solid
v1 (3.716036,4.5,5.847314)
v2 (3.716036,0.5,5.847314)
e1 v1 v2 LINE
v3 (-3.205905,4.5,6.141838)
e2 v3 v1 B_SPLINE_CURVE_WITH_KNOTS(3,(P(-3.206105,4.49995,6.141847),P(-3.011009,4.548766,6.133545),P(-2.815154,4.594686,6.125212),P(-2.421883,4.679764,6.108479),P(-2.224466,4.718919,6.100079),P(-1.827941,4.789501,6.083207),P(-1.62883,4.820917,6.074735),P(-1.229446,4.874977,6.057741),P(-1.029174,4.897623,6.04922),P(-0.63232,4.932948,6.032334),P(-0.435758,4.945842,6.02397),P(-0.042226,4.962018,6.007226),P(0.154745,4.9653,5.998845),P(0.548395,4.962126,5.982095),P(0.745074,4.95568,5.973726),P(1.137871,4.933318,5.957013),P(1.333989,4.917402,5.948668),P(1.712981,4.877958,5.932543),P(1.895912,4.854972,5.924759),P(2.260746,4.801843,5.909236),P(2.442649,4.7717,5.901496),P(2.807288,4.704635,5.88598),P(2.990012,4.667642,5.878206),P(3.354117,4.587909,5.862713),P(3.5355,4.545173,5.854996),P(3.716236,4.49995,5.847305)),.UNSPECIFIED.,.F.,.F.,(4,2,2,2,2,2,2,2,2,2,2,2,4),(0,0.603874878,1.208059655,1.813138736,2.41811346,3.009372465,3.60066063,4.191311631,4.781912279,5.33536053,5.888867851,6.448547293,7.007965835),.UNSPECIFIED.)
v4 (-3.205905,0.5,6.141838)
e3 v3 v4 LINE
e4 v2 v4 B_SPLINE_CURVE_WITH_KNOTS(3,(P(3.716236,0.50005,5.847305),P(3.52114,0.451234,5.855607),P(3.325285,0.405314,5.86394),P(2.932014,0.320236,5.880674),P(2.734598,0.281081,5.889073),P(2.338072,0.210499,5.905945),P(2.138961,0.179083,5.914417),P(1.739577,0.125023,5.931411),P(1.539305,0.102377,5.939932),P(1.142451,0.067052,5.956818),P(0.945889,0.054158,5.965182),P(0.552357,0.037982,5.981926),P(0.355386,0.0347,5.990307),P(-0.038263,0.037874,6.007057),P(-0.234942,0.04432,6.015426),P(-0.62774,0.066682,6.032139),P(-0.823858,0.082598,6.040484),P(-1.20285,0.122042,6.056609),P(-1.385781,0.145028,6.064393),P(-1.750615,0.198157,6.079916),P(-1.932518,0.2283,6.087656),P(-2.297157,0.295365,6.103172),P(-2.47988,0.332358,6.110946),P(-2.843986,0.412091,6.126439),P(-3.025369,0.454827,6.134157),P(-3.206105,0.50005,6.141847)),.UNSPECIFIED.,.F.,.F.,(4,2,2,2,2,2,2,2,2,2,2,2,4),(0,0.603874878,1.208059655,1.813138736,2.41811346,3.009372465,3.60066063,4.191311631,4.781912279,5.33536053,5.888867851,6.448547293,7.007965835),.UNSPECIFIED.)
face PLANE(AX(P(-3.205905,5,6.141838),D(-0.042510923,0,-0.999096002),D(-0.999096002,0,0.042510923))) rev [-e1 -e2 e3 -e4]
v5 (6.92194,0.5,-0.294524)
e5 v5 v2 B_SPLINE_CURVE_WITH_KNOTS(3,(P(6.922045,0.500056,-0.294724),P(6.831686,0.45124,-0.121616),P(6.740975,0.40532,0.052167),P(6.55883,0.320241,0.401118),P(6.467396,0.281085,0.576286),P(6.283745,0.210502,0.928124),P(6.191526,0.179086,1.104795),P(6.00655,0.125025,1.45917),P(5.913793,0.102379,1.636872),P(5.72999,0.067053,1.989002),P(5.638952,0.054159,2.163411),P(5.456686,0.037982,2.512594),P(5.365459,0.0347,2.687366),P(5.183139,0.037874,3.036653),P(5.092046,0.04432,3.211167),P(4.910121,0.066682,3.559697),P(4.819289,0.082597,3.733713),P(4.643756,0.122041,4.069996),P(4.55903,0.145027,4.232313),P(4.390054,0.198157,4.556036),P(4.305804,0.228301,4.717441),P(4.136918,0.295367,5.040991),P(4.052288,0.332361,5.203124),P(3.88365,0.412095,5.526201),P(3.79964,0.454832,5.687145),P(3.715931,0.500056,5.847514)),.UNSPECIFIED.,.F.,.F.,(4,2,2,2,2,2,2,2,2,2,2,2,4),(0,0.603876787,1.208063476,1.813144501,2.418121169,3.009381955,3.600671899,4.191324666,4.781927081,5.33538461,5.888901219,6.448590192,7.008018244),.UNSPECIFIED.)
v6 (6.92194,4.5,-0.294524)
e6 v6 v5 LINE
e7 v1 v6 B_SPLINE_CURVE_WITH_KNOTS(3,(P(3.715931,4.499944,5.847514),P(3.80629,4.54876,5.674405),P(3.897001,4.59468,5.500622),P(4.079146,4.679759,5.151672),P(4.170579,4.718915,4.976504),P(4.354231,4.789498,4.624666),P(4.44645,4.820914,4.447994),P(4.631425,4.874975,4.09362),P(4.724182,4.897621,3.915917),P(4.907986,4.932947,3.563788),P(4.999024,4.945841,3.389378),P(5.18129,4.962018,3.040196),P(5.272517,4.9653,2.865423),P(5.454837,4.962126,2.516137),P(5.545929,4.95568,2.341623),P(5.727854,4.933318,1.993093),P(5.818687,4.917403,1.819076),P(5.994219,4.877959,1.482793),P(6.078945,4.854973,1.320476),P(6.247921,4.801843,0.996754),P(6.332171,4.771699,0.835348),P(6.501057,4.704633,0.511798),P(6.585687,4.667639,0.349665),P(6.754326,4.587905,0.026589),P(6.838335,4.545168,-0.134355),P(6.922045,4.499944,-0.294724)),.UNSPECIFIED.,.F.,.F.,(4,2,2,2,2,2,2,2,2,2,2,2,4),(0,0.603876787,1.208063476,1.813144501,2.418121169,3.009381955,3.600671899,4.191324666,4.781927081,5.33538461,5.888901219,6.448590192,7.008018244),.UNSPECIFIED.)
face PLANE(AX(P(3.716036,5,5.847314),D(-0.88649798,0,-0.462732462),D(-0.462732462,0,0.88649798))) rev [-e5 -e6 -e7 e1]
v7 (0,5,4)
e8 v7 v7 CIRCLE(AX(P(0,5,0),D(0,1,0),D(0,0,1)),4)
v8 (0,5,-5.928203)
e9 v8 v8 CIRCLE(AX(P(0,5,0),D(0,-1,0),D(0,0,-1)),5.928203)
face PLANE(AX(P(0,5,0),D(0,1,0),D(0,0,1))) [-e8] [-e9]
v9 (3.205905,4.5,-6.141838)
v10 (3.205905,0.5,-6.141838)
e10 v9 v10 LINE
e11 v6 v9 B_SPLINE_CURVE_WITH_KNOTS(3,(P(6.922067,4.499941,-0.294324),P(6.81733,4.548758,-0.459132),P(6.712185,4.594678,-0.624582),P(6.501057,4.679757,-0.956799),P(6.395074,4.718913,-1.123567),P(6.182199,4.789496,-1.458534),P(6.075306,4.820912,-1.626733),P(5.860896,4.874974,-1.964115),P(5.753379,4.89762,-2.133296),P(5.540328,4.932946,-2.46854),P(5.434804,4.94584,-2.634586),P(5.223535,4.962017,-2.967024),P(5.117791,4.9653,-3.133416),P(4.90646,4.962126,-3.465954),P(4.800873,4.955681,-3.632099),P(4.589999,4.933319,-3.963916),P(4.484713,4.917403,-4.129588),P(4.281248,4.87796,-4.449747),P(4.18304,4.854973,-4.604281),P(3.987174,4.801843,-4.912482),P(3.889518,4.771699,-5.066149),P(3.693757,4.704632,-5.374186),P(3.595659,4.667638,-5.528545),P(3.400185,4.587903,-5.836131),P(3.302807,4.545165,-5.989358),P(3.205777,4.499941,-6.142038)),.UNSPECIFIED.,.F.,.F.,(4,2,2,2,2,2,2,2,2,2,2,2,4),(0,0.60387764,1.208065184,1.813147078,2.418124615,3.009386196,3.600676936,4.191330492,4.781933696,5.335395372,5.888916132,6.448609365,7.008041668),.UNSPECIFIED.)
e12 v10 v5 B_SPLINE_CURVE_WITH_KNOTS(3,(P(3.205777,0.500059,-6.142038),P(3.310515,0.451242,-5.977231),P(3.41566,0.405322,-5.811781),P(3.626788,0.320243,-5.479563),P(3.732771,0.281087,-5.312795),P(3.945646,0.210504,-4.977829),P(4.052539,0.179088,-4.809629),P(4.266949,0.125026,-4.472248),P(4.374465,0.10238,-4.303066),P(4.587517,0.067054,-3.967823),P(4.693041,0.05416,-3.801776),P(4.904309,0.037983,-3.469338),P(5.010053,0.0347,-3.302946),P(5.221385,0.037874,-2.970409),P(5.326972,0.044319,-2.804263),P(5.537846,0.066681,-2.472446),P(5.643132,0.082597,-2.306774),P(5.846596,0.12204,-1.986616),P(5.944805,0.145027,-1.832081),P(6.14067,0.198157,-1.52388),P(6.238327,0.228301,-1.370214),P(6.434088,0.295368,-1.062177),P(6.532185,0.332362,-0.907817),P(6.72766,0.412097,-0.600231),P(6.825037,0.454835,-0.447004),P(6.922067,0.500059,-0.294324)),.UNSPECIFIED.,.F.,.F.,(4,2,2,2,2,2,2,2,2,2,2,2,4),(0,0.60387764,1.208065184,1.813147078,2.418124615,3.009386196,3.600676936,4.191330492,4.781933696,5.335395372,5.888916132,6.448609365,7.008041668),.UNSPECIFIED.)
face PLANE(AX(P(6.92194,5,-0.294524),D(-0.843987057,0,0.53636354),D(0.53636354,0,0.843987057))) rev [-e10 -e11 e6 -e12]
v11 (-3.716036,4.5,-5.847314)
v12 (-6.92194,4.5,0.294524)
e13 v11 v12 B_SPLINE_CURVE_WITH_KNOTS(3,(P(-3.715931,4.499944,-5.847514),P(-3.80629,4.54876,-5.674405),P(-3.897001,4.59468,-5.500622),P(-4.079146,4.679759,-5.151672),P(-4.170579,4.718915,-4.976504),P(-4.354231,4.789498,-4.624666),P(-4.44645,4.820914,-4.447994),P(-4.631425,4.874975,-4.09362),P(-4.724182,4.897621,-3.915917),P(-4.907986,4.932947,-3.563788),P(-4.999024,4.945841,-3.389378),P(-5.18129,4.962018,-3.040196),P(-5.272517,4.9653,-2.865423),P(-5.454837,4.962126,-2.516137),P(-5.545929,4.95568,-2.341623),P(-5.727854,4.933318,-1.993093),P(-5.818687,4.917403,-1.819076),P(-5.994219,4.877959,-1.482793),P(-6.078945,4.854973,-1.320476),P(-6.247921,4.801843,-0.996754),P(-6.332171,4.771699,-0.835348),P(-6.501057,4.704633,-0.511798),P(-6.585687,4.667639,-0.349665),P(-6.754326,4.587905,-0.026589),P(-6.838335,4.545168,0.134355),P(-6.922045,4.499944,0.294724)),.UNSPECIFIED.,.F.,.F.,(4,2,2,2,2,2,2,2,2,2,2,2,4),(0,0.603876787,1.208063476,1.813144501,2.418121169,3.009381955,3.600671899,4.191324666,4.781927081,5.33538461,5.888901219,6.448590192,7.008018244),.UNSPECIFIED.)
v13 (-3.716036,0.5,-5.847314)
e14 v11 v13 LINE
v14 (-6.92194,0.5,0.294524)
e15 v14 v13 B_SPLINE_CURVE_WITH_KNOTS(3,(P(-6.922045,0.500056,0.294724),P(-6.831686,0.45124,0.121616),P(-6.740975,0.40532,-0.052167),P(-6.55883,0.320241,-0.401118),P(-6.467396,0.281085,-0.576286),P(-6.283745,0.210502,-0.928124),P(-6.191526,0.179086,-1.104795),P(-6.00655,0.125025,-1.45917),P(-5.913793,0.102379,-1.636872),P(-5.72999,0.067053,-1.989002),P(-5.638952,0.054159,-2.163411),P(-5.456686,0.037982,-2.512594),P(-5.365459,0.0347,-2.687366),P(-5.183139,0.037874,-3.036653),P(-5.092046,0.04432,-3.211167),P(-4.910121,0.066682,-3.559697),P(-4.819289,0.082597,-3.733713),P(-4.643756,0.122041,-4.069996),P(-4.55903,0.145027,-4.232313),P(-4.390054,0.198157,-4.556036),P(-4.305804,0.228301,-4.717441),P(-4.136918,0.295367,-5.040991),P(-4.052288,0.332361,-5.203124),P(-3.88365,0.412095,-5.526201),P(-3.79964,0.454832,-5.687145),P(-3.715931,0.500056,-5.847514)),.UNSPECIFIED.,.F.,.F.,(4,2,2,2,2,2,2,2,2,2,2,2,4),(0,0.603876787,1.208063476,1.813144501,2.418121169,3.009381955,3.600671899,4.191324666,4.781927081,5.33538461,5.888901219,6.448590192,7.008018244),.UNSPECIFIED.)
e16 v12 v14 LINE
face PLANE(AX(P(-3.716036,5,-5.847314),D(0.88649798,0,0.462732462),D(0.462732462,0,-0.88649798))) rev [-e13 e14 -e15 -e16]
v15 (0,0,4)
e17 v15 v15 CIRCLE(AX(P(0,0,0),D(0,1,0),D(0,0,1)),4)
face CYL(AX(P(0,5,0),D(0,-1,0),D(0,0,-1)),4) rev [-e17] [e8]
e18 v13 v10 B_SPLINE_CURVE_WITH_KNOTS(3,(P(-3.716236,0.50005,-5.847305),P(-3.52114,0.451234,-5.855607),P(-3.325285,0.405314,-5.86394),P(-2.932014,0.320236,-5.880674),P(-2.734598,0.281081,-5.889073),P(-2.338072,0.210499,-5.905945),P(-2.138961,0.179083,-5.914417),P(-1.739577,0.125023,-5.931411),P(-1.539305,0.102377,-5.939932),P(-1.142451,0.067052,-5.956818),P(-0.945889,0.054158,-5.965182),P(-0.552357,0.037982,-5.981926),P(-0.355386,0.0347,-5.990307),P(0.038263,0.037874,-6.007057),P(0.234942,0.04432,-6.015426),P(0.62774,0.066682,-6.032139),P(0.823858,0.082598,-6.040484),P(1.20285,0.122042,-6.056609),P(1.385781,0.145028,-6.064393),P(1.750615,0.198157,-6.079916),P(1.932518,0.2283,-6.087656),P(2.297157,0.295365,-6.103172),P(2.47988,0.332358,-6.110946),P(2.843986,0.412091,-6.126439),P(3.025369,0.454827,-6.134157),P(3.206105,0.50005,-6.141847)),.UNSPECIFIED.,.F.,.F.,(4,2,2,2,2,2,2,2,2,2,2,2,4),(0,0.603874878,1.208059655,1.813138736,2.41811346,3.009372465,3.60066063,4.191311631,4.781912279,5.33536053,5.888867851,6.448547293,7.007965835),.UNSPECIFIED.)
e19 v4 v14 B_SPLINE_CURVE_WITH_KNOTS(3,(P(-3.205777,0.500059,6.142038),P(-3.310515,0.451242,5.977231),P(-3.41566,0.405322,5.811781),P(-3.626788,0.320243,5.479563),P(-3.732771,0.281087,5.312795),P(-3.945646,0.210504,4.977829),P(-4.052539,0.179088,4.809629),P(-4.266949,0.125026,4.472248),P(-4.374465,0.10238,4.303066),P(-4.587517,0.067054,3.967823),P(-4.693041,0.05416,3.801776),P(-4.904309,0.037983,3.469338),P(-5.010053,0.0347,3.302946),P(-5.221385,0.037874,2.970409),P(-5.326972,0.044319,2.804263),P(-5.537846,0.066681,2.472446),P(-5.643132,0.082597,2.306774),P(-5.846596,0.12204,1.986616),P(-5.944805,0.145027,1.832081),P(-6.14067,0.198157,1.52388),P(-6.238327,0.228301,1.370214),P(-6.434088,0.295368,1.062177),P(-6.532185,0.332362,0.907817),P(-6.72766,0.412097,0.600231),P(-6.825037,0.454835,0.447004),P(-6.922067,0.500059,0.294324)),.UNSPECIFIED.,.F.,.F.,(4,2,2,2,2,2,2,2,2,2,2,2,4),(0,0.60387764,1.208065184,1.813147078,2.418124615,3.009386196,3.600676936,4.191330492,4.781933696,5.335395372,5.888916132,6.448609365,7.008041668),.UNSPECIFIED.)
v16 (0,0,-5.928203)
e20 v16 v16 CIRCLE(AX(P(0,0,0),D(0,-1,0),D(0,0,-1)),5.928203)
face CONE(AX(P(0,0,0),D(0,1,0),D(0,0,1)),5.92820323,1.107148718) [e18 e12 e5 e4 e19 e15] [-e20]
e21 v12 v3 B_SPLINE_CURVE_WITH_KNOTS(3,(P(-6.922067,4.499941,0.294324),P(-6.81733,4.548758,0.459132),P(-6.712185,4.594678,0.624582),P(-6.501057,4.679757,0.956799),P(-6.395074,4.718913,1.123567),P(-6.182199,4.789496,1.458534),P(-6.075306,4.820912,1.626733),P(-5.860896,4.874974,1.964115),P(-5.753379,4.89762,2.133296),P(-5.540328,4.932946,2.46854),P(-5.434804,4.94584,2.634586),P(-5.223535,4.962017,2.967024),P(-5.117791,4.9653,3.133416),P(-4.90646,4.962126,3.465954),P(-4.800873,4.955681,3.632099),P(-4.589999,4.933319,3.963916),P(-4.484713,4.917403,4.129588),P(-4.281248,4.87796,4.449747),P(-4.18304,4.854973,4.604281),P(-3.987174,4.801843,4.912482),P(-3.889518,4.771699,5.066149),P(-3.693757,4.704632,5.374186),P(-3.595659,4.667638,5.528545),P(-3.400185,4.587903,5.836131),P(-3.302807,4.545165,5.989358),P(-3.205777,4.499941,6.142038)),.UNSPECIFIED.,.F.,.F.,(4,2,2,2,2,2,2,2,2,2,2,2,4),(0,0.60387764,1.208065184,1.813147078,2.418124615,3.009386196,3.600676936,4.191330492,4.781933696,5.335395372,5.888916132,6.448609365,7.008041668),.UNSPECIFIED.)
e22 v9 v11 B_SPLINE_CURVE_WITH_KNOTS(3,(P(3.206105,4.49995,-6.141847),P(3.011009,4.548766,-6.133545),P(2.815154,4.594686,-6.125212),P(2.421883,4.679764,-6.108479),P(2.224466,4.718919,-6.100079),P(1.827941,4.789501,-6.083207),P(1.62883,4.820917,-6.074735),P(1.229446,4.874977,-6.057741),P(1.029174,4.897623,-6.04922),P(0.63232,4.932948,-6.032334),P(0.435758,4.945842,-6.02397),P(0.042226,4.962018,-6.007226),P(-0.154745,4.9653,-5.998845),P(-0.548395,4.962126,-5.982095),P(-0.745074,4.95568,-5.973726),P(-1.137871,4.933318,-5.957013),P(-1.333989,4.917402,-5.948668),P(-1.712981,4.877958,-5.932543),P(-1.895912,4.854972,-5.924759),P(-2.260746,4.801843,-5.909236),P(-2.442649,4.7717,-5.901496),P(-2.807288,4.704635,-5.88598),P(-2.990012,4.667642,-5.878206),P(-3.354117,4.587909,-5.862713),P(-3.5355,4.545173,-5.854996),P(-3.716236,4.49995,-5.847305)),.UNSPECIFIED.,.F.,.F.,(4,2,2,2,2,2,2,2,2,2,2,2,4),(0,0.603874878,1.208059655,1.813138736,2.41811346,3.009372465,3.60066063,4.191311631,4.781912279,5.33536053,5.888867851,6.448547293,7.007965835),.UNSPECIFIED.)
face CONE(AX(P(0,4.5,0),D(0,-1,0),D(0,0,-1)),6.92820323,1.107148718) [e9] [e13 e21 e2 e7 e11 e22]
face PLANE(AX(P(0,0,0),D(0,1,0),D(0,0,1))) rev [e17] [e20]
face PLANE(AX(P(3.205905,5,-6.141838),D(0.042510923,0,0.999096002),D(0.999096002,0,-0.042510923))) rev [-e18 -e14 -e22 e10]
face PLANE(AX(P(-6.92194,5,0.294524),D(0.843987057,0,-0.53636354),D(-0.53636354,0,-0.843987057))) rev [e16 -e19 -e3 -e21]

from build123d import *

# Parameters (mm, degrees)
SKETCH_1_R      = 4
EXTRUDE_1_DEPTH = 5


with BuildPart() as part:
    # 草图1 → 凸台-拉伸1 (new body)
    with BuildSketch(Plane(origin=(0, 0, 0), x_dir=(1, 0, 0), z_dir=(0, 1, 0))):
        Polygon((3.205904539, 6.141838169), (-3.716035611, 5.847313857), (-6.921940149, -0.294524312), (-3.205904539, -6.141838169), (3.716035611, -5.847313857), (6.921940149, 0.294524312), align=None)
        with Locations(Location((0, 0, 0), (0, 0, 270))):
            Circle(SKETCH_1_R, mode=Mode.SUBTRACT)
    extrude(amount=EXTRUDE_1_DEPTH)

    # 草图2 → 切除-旋转1 (revolve, cut)
    with BuildSketch(Plane(origin=(0, 0, 0), x_dir=(0.4627324620846592, 0, -0.8864979799937897), z_dir=(0.8864979799937897, 0, 0.4627324620846592)), mode=Mode.PRIVATE) as cut_revolve_1_sk:
        Polygon((-6.92820323, 4.5), (-6.92820323, 5), (-5.92820323, 5), align=None)
        Polygon((-6.92820323, 0.5), (-6.92820323, 0), (-5.92820323, 0), align=None)
    revolve(cut_revolve_1_sk.sketch.rotate(Axis((0, 0, 0), (0, 1, 0)), 207.563569327), axis=Axis((0, 0, 0), (0, 1, 0)), mode=Mode.SUBTRACT)


solid = part.part
